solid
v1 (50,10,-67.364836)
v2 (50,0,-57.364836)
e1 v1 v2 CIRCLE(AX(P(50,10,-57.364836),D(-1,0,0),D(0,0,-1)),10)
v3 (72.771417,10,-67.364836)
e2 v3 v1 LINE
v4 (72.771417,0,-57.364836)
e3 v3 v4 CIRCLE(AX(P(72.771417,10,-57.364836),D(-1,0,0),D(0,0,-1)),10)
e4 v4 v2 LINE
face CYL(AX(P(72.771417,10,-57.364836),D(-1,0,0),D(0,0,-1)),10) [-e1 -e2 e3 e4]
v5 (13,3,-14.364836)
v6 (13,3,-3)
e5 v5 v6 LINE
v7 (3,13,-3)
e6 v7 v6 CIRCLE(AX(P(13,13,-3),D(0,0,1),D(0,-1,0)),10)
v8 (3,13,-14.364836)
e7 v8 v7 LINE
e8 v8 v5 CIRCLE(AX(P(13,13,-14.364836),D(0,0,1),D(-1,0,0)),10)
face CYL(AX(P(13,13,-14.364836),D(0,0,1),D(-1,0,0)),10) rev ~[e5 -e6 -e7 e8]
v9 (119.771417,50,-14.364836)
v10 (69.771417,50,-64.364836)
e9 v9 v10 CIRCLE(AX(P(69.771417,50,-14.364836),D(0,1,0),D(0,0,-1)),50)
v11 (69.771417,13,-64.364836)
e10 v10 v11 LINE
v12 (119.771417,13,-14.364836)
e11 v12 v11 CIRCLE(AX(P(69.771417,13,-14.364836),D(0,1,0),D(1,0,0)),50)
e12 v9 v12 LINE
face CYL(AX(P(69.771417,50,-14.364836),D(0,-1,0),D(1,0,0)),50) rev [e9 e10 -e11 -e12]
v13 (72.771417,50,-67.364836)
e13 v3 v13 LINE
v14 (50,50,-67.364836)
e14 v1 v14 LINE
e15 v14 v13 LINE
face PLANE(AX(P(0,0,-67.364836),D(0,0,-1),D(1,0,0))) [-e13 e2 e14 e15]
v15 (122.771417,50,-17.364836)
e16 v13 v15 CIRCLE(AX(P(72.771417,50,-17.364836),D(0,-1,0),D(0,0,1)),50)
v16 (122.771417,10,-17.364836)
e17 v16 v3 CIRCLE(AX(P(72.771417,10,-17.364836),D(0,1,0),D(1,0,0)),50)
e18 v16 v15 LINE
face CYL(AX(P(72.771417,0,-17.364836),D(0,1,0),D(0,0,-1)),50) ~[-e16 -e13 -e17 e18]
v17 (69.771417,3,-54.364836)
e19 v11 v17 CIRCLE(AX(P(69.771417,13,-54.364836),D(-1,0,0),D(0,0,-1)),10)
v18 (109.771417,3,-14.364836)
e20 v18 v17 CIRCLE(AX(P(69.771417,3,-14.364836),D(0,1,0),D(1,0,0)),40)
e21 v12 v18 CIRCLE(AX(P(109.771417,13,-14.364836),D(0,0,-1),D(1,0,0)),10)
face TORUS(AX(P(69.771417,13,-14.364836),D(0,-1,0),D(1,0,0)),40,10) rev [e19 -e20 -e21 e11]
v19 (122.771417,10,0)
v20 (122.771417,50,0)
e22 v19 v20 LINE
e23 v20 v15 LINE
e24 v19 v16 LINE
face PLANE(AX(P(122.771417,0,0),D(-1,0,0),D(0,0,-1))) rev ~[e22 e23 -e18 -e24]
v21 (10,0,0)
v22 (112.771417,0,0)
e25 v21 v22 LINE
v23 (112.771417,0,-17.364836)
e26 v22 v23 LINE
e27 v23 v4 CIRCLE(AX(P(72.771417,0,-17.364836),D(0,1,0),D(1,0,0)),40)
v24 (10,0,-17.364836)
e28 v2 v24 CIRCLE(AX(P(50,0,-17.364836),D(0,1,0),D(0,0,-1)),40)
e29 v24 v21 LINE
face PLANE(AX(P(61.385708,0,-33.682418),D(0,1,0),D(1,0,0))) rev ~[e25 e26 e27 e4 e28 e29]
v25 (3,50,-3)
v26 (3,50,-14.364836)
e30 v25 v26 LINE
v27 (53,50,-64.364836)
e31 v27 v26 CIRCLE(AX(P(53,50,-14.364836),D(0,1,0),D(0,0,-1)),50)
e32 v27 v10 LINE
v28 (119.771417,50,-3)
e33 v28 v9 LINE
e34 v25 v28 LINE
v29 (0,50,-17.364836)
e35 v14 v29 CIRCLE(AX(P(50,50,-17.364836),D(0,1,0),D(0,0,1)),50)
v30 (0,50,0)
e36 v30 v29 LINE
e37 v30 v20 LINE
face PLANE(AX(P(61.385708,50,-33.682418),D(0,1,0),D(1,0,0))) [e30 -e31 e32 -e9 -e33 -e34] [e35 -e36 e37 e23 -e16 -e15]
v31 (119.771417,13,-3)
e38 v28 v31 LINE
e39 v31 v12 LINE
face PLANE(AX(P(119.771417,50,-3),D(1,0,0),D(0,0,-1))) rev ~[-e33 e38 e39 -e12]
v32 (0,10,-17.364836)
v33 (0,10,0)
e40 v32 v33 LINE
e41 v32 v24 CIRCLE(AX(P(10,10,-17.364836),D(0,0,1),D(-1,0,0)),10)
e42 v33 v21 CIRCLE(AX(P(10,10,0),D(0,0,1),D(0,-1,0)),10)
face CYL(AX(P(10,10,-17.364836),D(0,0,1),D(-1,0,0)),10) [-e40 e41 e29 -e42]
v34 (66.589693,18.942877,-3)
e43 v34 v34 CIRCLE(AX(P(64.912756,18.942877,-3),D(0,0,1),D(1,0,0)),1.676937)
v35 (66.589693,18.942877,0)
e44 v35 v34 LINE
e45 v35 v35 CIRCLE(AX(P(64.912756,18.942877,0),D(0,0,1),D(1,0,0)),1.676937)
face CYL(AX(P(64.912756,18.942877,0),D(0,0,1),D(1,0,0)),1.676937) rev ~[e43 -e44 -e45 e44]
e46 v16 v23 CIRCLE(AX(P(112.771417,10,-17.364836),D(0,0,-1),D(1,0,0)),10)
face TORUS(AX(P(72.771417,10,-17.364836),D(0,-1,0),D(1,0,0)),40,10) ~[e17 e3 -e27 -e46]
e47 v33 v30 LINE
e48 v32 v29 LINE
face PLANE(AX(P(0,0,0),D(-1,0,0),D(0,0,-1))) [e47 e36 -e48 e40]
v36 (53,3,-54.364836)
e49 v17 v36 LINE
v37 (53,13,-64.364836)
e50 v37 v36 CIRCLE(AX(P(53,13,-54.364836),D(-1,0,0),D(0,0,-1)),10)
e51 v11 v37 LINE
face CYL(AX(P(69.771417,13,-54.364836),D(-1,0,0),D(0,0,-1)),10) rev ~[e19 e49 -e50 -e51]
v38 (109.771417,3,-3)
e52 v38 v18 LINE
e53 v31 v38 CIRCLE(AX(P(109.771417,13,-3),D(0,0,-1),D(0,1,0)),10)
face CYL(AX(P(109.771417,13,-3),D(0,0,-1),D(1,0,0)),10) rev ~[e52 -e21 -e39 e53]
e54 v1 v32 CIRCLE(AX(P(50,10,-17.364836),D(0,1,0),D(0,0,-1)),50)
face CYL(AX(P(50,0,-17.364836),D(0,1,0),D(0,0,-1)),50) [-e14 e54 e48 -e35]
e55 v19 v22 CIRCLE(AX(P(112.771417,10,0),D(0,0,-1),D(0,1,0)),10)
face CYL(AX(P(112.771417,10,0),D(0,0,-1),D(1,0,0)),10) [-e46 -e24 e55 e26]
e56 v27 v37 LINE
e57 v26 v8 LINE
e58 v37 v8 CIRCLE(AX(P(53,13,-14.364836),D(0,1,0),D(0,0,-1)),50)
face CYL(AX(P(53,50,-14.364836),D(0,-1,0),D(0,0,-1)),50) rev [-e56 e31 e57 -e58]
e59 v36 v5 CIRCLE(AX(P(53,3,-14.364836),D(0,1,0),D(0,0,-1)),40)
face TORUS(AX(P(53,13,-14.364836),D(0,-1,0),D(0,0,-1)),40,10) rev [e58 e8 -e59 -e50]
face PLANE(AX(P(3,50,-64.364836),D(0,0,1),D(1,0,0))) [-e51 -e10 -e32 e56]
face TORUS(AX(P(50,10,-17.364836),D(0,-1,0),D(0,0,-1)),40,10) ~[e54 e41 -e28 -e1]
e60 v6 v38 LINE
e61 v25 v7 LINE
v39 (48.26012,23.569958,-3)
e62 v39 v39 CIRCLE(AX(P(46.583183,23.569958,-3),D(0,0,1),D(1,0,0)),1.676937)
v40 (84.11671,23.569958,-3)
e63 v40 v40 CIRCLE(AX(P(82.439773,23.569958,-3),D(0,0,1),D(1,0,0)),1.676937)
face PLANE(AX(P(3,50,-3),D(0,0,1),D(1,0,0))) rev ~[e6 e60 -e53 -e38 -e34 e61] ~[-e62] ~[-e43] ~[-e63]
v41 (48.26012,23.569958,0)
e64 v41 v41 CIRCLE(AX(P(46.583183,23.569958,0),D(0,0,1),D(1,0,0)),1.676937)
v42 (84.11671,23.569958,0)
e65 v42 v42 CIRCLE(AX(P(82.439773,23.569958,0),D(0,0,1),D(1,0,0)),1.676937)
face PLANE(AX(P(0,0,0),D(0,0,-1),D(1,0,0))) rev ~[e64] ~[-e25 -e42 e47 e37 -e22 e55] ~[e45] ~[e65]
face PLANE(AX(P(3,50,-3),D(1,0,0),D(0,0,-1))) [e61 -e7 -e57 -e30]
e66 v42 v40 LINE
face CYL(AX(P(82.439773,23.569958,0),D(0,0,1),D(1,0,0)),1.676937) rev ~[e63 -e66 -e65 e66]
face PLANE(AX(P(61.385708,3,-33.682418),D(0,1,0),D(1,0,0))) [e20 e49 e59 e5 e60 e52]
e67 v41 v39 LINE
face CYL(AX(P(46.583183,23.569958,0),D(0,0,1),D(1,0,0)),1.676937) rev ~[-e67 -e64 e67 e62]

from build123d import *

# Parameters (mm, degrees)
SKETCH1_W           = 122.771416508
SKETCH1_H           = 67.364835681
BOSS_EXTRUDE1_DEPTH = 50
SKETCH2_W           = 116.771416508
SKETCH2_H           = 61.364835681
CUT_EXTRUDE1_DEPTH  = 47
SKETCH3_R           = 1.676937057
CUT_EXTRUDE3_DEPTH  = 3
FILLET7_R           = 50
FILLET8_R           = 50
FILLET9_R           = 50
FILLET10_R          = 50
FILLET11_R          = 10
FILLET12_R          = 10


with BuildPart() as part:
    # Sketch1 → Boss-Extrude1 (new body)
    with BuildSketch(Plane(origin=(0, 0, 0), x_dir=(1, 0, 0), z_dir=(0, 1, 0))):
        with Locations((61.385708254, 33.682417841)):
            Rectangle(SKETCH1_W, SKETCH1_H)
    extrude(amount=BOSS_EXTRUDE1_DEPTH)

    # Sketch2 → Cut-Extrude1 (cut)
    with BuildSketch(Plane(origin=(0, 50, 0), x_dir=(1, 0, 0), z_dir=(0, 1, 0))):
        with Locations((61.385708254, 33.682417841)):
            Rectangle(SKETCH2_W, SKETCH2_H)
    extrude(amount=-CUT_EXTRUDE1_DEPTH, mode=Mode.SUBTRACT)

    # Sketch3 → Cut-Extrude3 (cut)
    with BuildSketch(Plane.XY):
        with Locations((46.583182692, 23.569957767)):
            Circle(SKETCH3_R)
        with Locations((64.912755506, 18.942876873)):
            Circle(SKETCH3_R)
        with Locations((82.439773274, 23.569957767)):
            Circle(SKETCH3_R)
    extrude(amount=-CUT_EXTRUDE3_DEPTH, mode=Mode.SUBTRACT)

    # Fillet7
    fillet7_edges = [part.edges().sort_by_distance(p)[0] for p in [
        (119.771416508, 26.5, -64.364835681),
    ]]
    fillet(fillet7_edges, radius=FILLET7_R)

    # Fillet8
    fillet8_edges = [part.edges().sort_by_distance(p)[0] for p in [
        (122.771416508, 25, -67.364835681),
    ]]
    fillet(fillet8_edges, radius=FILLET8_R)

    # Fillet9
    fillet9_edges = [part.edges().sort_by_distance(p)[0] for p in [
        (3, 26.5, -64.364835681),
    ]]
    fillet(fillet9_edges, radius=FILLET9_R)

    # Fillet10
    fillet10_edges = [part.edges().sort_by_distance(p)[0] for p in [
        (0, 25, -67.364835681),
    ]]
    fillet(fillet10_edges, radius=FILLET10_R)

    # Fillet11
    fillet11_edges = [part.edges().sort_by_distance(p)[0] for p in [
        (119.771416508, 3, -8.682417841),
        (61.385708254, 3, -64.364835681),
        (105.126755567, 3, -49.720174741),
        (3, 3, -8.682417841),
        (17.644660941, 3, -49.720174741),
    ]]
    fillet(fillet11_edges, radius=FILLET11_R)

    # Fillet12
    fillet12_edges = [part.edges().sort_by_distance(p)[0] for p in [
        (122.771416508, 0, -8.682417841),
        (61.385708254, 0, -67.364835681),
        (108.126755567, 0, -52.720174741),
        (0, 0, -8.682417841),
        (14.644660941, 0, -52.720174741),
    ]]
    fillet(fillet12_edges, radius=FILLET12_R)


solid = part.part
